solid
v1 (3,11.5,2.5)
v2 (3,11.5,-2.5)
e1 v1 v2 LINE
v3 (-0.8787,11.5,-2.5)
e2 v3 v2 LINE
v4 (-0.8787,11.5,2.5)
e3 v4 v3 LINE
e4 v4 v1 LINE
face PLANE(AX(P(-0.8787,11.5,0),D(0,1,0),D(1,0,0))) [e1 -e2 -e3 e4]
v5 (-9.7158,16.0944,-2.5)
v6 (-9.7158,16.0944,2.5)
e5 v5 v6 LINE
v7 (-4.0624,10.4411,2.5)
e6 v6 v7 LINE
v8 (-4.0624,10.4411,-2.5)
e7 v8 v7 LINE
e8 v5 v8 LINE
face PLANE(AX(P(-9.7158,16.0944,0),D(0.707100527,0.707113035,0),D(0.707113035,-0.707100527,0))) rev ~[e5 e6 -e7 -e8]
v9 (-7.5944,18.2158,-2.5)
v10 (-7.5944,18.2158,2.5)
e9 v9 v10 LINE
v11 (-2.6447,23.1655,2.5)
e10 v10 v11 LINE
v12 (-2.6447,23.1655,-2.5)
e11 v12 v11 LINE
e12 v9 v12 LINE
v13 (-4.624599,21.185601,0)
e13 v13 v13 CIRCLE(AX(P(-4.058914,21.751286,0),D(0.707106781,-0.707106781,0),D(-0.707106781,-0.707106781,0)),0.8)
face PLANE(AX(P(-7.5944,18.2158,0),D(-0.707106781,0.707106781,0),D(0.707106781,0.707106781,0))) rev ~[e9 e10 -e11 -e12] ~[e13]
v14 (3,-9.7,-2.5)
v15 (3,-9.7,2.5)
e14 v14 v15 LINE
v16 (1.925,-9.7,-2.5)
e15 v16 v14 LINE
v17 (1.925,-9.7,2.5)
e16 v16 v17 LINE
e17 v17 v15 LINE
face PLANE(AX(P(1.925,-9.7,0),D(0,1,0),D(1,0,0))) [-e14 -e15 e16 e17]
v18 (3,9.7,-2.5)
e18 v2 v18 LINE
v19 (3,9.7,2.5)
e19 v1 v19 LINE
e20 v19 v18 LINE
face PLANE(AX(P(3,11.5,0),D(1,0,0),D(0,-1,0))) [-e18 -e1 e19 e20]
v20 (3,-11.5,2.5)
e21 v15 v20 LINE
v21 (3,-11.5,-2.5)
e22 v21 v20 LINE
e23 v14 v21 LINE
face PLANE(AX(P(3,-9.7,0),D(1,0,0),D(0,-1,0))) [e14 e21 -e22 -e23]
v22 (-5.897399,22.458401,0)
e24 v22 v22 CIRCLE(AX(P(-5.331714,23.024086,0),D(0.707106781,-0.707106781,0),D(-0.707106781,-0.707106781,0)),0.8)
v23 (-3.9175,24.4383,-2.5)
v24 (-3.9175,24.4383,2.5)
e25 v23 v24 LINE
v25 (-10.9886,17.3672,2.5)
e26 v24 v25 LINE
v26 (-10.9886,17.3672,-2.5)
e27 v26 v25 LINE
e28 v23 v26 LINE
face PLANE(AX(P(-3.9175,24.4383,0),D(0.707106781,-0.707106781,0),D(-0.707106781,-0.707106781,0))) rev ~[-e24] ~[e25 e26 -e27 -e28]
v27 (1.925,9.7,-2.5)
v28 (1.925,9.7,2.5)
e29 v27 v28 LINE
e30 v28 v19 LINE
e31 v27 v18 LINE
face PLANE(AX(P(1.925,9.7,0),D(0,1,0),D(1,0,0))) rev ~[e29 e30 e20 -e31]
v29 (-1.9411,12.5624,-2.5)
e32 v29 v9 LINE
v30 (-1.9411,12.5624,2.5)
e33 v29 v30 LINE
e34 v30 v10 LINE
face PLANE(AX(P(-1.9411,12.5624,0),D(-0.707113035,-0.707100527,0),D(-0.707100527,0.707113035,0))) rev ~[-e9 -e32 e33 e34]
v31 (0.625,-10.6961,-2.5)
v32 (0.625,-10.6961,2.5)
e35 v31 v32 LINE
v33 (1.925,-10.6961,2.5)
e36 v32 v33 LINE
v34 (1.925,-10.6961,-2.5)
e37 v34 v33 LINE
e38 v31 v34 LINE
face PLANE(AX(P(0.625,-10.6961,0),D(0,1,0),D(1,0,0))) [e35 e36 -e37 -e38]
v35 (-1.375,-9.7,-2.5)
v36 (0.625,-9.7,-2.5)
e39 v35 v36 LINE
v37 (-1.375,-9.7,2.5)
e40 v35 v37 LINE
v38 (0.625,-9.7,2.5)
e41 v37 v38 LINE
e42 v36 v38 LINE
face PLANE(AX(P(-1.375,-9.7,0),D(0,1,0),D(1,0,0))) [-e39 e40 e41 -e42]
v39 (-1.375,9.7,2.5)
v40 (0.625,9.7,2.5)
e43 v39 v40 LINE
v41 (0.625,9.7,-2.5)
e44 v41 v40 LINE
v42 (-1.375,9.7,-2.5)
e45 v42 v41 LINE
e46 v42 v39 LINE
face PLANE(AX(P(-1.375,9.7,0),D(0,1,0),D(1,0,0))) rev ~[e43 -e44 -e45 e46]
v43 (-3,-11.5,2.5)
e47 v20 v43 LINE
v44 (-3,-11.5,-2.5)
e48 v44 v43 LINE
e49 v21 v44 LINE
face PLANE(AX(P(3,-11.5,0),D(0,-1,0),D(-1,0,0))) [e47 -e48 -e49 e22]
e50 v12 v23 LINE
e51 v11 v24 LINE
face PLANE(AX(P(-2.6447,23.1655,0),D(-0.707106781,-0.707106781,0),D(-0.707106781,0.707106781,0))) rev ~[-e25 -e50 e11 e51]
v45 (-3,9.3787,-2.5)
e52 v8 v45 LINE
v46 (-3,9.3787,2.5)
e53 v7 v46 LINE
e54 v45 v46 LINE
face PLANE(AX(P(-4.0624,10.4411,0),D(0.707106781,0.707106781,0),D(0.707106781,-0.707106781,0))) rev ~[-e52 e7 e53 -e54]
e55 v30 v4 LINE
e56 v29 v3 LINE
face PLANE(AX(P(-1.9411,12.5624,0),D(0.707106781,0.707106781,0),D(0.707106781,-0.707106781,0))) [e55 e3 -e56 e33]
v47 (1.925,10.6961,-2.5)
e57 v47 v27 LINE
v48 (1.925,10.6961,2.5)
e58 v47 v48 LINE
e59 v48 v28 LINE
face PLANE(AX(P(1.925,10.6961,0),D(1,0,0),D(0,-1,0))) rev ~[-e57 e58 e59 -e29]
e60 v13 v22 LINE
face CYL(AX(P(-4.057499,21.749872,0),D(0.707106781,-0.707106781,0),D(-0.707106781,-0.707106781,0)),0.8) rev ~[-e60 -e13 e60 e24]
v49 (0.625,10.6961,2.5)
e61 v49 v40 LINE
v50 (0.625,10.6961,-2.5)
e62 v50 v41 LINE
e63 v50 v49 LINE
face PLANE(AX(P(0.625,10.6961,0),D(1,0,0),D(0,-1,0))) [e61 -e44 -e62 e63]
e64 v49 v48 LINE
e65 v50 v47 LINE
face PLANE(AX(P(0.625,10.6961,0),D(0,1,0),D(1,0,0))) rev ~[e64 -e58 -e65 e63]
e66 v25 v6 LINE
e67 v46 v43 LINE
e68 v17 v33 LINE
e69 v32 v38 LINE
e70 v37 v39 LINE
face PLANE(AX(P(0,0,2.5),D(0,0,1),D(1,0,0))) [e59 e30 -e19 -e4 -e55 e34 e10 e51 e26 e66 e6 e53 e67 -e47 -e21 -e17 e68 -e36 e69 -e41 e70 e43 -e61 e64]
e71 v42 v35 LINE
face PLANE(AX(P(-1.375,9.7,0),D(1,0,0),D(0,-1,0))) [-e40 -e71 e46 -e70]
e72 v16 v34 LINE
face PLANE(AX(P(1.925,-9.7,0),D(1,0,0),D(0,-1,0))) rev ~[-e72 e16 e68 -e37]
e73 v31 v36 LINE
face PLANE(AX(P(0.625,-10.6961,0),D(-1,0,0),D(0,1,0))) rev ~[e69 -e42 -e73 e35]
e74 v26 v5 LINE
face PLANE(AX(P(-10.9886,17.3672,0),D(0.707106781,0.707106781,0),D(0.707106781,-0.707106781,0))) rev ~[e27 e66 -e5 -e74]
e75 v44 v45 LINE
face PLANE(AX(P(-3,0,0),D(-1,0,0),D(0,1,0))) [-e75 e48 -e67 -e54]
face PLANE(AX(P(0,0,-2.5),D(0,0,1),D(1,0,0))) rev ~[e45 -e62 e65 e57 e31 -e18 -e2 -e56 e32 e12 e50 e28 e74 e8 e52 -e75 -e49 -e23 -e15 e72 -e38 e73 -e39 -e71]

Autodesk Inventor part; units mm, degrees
ref_plane "YZ Plane" through (0, 0, 0) normal (1, 0, 0) x (0, 1, 0)
ref_plane "XZ Plane" through (0, 0, 0) normal (0, 1, 0) x (-1, 0, 0)
ref_plane "XY Plane" through (0, 0, 0) normal (0, 0, 1) x (1, 0, 0)
sketch "Skizze1" plane through (0, 0, 0) normal (0, 0, 1) x (1, 0, 0)
  line L0 (-3, 11.5) -> (3, 11.5)
  line L1 (3, 11.5) -> (3, -11.5)
  line L2 (3, -11.5) -> (-3, -11.5)
  line L3 (-3, -11.5) -> (-3, 9.3787)
  line L4 (-3, 11.5) -> (3, -11.5) construction
  line L5 (3, 11.5) -> (-3, -11.5) construction
  line L6 (-3, 0) -> (3, 0)
  line L7 (1.925, 10.6961) -> (1.925, 9.7)
  line L8 (0.625, 10.6961) -> (0.625, 9.7)
  line L9 (-1.375, 9.7) -> (-1.375, 0)
  line L10 (0.625, 10.6961) -> (1.925, 10.6961)
  line L11 (-1.375, 9.7) -> (0.625, 9.7)
  line L12 (1.925, 9.7) -> (3, 9.7)
  line L13 (-3, 0) -> (3, 0)
  line L14 (0.625, -10.6961) -> (0.625, -9.7)
  line L15 (-1.375, -9.7) -> (-1.375, 0)
  line L16 (0.625, -10.6961) -> (1.925, -10.6961)
  line L17 (-1.375, -9.7) -> (0.625, -9.7)
  line L18 (1.925, -9.7) -> (3, -9.7)
  line L19 (1.925, -9.7) -> (1.925, -10.6961)
  line L20 (-0.8787, 11.5) -> (2.008, 11.5) construction
  line L21 (-3, 11.5) -> (4, 11.5) construction
  line L22 (-3, 11.5) -> (4, 11.5) construction
  line L23 (-3, 11.5) -> (-8.6569, 17.1569)
  line L24 (-3, 11.5) -> (5, 11.5) construction
  line L25 (-9.7158, 16.0944) -> (-4.0624, 10.4411)
  line L26 (-4.0624, 10.4411) -> (-1.9411, 12.5624)
  line L27 (-1.9411, 12.5624) -> (-7.5944, 18.2158)
  line L28 (-7.5944, 18.2158) -> (-9.7158, 16.0944)
  line L29 (-9.7158, 16.0944) -> (-1.9411, 12.5624) construction
  line L30 (-4.0624, 10.4411) -> (-7.5944, 18.2158) construction
  line L31 (-9.7158, 16.0944) -> (-2.6447, 23.1655)
  line L32 (-2.6447, 23.1655) -> (-3.9175, 24.4383)
  line L33 (-3.9175, 24.4383) -> (-10.9886, 17.3672)
  line L34 (-10.9886, 17.3672) -> (-9.7158, 16.0944)
  line L35 (-4.0624, 10.4411) -> (-3, 9.3787)
  line L36 (-1.9411, 12.5624) -> (-0.8787, 11.5)
  point P0 (0, 0)
  point P1 (1.925, 10.1981)
  point P2 (-0.7373, 11.5)
  point P3 (-5.8284, 14.3284)
  point P4 (-3, 9.4787)
  point P5 (-0.8787, 11.5)
  point P6 (-7.5944, 18.2158)
  dimension "d0" = 6
  dimension "d1" = 23
  dimension "d19" = 1.3
  dimension "d20" = 2
  dimension "d26" = 1.8
  dimension "d27" = 1.8
  dimension "d40" = 8
  dimension "d41" = 135
  dimension "d42" = 3
  dimension "d43" = 10
  dimension "d44" = 1.8
extrude "Extrusion1" add sketch "Skizze1" along normal mid plane 5 contours L23 L26 L36 L0 | L0 L1 L12 L7 L10 L8 L11 L9 L6 L3 L35 L26 L23 | L26 L25 L28 L23 | L23 L28 L27 L26 | L28 L34 L33 L32 L31 | L6 L15 L17 L14 L16 L19 L18 L1 L2 L3
sketch "Skizze2" plane through (-2.6447, 23.1655, 2.5) normal (0.7071, -0.7071, 0) x (-0.7071, -0.7071, 0)
  line L0 (0, 5) -> (7, 5) projected
  line L1 (7, 5) -> (10, 5) projected
  line L2 (10, 0) -> (7, 0) projected
  line L3 (7, 0) -> (0, 0) projected
  line L4 (0, 0) -> (0, 5) projected
  line L5 (7, 0) -> (7, 5) projected
  line L6 (7, 0) -> (0, 0) projected
  line L7 (0, 0) -> (0, 5)
  line L8 (0, 5) -> (4, 5)
  line L9 (4, 5) -> (4, 0)
  line L10 (4, 0) -> (0, 0)
  line L11 (0, 0) -> (4, 5)
  circle A0 centre (2, 2.5) radius 0.8
  line L12 (10, 5) -> (10, 0) projected
  point P0 (14.5104, 2.5)
  point P1 (10, 4.5)
  dimension "d45" = 4
  dimension "d46" = 1.6
extrude "Extrusion2" cut sketch "Skizze2" against normal up to surface (1.8 mm away) contours A0 L11 | L11 A0
properties part number "ultrasonic-sensor-direct-mount"
